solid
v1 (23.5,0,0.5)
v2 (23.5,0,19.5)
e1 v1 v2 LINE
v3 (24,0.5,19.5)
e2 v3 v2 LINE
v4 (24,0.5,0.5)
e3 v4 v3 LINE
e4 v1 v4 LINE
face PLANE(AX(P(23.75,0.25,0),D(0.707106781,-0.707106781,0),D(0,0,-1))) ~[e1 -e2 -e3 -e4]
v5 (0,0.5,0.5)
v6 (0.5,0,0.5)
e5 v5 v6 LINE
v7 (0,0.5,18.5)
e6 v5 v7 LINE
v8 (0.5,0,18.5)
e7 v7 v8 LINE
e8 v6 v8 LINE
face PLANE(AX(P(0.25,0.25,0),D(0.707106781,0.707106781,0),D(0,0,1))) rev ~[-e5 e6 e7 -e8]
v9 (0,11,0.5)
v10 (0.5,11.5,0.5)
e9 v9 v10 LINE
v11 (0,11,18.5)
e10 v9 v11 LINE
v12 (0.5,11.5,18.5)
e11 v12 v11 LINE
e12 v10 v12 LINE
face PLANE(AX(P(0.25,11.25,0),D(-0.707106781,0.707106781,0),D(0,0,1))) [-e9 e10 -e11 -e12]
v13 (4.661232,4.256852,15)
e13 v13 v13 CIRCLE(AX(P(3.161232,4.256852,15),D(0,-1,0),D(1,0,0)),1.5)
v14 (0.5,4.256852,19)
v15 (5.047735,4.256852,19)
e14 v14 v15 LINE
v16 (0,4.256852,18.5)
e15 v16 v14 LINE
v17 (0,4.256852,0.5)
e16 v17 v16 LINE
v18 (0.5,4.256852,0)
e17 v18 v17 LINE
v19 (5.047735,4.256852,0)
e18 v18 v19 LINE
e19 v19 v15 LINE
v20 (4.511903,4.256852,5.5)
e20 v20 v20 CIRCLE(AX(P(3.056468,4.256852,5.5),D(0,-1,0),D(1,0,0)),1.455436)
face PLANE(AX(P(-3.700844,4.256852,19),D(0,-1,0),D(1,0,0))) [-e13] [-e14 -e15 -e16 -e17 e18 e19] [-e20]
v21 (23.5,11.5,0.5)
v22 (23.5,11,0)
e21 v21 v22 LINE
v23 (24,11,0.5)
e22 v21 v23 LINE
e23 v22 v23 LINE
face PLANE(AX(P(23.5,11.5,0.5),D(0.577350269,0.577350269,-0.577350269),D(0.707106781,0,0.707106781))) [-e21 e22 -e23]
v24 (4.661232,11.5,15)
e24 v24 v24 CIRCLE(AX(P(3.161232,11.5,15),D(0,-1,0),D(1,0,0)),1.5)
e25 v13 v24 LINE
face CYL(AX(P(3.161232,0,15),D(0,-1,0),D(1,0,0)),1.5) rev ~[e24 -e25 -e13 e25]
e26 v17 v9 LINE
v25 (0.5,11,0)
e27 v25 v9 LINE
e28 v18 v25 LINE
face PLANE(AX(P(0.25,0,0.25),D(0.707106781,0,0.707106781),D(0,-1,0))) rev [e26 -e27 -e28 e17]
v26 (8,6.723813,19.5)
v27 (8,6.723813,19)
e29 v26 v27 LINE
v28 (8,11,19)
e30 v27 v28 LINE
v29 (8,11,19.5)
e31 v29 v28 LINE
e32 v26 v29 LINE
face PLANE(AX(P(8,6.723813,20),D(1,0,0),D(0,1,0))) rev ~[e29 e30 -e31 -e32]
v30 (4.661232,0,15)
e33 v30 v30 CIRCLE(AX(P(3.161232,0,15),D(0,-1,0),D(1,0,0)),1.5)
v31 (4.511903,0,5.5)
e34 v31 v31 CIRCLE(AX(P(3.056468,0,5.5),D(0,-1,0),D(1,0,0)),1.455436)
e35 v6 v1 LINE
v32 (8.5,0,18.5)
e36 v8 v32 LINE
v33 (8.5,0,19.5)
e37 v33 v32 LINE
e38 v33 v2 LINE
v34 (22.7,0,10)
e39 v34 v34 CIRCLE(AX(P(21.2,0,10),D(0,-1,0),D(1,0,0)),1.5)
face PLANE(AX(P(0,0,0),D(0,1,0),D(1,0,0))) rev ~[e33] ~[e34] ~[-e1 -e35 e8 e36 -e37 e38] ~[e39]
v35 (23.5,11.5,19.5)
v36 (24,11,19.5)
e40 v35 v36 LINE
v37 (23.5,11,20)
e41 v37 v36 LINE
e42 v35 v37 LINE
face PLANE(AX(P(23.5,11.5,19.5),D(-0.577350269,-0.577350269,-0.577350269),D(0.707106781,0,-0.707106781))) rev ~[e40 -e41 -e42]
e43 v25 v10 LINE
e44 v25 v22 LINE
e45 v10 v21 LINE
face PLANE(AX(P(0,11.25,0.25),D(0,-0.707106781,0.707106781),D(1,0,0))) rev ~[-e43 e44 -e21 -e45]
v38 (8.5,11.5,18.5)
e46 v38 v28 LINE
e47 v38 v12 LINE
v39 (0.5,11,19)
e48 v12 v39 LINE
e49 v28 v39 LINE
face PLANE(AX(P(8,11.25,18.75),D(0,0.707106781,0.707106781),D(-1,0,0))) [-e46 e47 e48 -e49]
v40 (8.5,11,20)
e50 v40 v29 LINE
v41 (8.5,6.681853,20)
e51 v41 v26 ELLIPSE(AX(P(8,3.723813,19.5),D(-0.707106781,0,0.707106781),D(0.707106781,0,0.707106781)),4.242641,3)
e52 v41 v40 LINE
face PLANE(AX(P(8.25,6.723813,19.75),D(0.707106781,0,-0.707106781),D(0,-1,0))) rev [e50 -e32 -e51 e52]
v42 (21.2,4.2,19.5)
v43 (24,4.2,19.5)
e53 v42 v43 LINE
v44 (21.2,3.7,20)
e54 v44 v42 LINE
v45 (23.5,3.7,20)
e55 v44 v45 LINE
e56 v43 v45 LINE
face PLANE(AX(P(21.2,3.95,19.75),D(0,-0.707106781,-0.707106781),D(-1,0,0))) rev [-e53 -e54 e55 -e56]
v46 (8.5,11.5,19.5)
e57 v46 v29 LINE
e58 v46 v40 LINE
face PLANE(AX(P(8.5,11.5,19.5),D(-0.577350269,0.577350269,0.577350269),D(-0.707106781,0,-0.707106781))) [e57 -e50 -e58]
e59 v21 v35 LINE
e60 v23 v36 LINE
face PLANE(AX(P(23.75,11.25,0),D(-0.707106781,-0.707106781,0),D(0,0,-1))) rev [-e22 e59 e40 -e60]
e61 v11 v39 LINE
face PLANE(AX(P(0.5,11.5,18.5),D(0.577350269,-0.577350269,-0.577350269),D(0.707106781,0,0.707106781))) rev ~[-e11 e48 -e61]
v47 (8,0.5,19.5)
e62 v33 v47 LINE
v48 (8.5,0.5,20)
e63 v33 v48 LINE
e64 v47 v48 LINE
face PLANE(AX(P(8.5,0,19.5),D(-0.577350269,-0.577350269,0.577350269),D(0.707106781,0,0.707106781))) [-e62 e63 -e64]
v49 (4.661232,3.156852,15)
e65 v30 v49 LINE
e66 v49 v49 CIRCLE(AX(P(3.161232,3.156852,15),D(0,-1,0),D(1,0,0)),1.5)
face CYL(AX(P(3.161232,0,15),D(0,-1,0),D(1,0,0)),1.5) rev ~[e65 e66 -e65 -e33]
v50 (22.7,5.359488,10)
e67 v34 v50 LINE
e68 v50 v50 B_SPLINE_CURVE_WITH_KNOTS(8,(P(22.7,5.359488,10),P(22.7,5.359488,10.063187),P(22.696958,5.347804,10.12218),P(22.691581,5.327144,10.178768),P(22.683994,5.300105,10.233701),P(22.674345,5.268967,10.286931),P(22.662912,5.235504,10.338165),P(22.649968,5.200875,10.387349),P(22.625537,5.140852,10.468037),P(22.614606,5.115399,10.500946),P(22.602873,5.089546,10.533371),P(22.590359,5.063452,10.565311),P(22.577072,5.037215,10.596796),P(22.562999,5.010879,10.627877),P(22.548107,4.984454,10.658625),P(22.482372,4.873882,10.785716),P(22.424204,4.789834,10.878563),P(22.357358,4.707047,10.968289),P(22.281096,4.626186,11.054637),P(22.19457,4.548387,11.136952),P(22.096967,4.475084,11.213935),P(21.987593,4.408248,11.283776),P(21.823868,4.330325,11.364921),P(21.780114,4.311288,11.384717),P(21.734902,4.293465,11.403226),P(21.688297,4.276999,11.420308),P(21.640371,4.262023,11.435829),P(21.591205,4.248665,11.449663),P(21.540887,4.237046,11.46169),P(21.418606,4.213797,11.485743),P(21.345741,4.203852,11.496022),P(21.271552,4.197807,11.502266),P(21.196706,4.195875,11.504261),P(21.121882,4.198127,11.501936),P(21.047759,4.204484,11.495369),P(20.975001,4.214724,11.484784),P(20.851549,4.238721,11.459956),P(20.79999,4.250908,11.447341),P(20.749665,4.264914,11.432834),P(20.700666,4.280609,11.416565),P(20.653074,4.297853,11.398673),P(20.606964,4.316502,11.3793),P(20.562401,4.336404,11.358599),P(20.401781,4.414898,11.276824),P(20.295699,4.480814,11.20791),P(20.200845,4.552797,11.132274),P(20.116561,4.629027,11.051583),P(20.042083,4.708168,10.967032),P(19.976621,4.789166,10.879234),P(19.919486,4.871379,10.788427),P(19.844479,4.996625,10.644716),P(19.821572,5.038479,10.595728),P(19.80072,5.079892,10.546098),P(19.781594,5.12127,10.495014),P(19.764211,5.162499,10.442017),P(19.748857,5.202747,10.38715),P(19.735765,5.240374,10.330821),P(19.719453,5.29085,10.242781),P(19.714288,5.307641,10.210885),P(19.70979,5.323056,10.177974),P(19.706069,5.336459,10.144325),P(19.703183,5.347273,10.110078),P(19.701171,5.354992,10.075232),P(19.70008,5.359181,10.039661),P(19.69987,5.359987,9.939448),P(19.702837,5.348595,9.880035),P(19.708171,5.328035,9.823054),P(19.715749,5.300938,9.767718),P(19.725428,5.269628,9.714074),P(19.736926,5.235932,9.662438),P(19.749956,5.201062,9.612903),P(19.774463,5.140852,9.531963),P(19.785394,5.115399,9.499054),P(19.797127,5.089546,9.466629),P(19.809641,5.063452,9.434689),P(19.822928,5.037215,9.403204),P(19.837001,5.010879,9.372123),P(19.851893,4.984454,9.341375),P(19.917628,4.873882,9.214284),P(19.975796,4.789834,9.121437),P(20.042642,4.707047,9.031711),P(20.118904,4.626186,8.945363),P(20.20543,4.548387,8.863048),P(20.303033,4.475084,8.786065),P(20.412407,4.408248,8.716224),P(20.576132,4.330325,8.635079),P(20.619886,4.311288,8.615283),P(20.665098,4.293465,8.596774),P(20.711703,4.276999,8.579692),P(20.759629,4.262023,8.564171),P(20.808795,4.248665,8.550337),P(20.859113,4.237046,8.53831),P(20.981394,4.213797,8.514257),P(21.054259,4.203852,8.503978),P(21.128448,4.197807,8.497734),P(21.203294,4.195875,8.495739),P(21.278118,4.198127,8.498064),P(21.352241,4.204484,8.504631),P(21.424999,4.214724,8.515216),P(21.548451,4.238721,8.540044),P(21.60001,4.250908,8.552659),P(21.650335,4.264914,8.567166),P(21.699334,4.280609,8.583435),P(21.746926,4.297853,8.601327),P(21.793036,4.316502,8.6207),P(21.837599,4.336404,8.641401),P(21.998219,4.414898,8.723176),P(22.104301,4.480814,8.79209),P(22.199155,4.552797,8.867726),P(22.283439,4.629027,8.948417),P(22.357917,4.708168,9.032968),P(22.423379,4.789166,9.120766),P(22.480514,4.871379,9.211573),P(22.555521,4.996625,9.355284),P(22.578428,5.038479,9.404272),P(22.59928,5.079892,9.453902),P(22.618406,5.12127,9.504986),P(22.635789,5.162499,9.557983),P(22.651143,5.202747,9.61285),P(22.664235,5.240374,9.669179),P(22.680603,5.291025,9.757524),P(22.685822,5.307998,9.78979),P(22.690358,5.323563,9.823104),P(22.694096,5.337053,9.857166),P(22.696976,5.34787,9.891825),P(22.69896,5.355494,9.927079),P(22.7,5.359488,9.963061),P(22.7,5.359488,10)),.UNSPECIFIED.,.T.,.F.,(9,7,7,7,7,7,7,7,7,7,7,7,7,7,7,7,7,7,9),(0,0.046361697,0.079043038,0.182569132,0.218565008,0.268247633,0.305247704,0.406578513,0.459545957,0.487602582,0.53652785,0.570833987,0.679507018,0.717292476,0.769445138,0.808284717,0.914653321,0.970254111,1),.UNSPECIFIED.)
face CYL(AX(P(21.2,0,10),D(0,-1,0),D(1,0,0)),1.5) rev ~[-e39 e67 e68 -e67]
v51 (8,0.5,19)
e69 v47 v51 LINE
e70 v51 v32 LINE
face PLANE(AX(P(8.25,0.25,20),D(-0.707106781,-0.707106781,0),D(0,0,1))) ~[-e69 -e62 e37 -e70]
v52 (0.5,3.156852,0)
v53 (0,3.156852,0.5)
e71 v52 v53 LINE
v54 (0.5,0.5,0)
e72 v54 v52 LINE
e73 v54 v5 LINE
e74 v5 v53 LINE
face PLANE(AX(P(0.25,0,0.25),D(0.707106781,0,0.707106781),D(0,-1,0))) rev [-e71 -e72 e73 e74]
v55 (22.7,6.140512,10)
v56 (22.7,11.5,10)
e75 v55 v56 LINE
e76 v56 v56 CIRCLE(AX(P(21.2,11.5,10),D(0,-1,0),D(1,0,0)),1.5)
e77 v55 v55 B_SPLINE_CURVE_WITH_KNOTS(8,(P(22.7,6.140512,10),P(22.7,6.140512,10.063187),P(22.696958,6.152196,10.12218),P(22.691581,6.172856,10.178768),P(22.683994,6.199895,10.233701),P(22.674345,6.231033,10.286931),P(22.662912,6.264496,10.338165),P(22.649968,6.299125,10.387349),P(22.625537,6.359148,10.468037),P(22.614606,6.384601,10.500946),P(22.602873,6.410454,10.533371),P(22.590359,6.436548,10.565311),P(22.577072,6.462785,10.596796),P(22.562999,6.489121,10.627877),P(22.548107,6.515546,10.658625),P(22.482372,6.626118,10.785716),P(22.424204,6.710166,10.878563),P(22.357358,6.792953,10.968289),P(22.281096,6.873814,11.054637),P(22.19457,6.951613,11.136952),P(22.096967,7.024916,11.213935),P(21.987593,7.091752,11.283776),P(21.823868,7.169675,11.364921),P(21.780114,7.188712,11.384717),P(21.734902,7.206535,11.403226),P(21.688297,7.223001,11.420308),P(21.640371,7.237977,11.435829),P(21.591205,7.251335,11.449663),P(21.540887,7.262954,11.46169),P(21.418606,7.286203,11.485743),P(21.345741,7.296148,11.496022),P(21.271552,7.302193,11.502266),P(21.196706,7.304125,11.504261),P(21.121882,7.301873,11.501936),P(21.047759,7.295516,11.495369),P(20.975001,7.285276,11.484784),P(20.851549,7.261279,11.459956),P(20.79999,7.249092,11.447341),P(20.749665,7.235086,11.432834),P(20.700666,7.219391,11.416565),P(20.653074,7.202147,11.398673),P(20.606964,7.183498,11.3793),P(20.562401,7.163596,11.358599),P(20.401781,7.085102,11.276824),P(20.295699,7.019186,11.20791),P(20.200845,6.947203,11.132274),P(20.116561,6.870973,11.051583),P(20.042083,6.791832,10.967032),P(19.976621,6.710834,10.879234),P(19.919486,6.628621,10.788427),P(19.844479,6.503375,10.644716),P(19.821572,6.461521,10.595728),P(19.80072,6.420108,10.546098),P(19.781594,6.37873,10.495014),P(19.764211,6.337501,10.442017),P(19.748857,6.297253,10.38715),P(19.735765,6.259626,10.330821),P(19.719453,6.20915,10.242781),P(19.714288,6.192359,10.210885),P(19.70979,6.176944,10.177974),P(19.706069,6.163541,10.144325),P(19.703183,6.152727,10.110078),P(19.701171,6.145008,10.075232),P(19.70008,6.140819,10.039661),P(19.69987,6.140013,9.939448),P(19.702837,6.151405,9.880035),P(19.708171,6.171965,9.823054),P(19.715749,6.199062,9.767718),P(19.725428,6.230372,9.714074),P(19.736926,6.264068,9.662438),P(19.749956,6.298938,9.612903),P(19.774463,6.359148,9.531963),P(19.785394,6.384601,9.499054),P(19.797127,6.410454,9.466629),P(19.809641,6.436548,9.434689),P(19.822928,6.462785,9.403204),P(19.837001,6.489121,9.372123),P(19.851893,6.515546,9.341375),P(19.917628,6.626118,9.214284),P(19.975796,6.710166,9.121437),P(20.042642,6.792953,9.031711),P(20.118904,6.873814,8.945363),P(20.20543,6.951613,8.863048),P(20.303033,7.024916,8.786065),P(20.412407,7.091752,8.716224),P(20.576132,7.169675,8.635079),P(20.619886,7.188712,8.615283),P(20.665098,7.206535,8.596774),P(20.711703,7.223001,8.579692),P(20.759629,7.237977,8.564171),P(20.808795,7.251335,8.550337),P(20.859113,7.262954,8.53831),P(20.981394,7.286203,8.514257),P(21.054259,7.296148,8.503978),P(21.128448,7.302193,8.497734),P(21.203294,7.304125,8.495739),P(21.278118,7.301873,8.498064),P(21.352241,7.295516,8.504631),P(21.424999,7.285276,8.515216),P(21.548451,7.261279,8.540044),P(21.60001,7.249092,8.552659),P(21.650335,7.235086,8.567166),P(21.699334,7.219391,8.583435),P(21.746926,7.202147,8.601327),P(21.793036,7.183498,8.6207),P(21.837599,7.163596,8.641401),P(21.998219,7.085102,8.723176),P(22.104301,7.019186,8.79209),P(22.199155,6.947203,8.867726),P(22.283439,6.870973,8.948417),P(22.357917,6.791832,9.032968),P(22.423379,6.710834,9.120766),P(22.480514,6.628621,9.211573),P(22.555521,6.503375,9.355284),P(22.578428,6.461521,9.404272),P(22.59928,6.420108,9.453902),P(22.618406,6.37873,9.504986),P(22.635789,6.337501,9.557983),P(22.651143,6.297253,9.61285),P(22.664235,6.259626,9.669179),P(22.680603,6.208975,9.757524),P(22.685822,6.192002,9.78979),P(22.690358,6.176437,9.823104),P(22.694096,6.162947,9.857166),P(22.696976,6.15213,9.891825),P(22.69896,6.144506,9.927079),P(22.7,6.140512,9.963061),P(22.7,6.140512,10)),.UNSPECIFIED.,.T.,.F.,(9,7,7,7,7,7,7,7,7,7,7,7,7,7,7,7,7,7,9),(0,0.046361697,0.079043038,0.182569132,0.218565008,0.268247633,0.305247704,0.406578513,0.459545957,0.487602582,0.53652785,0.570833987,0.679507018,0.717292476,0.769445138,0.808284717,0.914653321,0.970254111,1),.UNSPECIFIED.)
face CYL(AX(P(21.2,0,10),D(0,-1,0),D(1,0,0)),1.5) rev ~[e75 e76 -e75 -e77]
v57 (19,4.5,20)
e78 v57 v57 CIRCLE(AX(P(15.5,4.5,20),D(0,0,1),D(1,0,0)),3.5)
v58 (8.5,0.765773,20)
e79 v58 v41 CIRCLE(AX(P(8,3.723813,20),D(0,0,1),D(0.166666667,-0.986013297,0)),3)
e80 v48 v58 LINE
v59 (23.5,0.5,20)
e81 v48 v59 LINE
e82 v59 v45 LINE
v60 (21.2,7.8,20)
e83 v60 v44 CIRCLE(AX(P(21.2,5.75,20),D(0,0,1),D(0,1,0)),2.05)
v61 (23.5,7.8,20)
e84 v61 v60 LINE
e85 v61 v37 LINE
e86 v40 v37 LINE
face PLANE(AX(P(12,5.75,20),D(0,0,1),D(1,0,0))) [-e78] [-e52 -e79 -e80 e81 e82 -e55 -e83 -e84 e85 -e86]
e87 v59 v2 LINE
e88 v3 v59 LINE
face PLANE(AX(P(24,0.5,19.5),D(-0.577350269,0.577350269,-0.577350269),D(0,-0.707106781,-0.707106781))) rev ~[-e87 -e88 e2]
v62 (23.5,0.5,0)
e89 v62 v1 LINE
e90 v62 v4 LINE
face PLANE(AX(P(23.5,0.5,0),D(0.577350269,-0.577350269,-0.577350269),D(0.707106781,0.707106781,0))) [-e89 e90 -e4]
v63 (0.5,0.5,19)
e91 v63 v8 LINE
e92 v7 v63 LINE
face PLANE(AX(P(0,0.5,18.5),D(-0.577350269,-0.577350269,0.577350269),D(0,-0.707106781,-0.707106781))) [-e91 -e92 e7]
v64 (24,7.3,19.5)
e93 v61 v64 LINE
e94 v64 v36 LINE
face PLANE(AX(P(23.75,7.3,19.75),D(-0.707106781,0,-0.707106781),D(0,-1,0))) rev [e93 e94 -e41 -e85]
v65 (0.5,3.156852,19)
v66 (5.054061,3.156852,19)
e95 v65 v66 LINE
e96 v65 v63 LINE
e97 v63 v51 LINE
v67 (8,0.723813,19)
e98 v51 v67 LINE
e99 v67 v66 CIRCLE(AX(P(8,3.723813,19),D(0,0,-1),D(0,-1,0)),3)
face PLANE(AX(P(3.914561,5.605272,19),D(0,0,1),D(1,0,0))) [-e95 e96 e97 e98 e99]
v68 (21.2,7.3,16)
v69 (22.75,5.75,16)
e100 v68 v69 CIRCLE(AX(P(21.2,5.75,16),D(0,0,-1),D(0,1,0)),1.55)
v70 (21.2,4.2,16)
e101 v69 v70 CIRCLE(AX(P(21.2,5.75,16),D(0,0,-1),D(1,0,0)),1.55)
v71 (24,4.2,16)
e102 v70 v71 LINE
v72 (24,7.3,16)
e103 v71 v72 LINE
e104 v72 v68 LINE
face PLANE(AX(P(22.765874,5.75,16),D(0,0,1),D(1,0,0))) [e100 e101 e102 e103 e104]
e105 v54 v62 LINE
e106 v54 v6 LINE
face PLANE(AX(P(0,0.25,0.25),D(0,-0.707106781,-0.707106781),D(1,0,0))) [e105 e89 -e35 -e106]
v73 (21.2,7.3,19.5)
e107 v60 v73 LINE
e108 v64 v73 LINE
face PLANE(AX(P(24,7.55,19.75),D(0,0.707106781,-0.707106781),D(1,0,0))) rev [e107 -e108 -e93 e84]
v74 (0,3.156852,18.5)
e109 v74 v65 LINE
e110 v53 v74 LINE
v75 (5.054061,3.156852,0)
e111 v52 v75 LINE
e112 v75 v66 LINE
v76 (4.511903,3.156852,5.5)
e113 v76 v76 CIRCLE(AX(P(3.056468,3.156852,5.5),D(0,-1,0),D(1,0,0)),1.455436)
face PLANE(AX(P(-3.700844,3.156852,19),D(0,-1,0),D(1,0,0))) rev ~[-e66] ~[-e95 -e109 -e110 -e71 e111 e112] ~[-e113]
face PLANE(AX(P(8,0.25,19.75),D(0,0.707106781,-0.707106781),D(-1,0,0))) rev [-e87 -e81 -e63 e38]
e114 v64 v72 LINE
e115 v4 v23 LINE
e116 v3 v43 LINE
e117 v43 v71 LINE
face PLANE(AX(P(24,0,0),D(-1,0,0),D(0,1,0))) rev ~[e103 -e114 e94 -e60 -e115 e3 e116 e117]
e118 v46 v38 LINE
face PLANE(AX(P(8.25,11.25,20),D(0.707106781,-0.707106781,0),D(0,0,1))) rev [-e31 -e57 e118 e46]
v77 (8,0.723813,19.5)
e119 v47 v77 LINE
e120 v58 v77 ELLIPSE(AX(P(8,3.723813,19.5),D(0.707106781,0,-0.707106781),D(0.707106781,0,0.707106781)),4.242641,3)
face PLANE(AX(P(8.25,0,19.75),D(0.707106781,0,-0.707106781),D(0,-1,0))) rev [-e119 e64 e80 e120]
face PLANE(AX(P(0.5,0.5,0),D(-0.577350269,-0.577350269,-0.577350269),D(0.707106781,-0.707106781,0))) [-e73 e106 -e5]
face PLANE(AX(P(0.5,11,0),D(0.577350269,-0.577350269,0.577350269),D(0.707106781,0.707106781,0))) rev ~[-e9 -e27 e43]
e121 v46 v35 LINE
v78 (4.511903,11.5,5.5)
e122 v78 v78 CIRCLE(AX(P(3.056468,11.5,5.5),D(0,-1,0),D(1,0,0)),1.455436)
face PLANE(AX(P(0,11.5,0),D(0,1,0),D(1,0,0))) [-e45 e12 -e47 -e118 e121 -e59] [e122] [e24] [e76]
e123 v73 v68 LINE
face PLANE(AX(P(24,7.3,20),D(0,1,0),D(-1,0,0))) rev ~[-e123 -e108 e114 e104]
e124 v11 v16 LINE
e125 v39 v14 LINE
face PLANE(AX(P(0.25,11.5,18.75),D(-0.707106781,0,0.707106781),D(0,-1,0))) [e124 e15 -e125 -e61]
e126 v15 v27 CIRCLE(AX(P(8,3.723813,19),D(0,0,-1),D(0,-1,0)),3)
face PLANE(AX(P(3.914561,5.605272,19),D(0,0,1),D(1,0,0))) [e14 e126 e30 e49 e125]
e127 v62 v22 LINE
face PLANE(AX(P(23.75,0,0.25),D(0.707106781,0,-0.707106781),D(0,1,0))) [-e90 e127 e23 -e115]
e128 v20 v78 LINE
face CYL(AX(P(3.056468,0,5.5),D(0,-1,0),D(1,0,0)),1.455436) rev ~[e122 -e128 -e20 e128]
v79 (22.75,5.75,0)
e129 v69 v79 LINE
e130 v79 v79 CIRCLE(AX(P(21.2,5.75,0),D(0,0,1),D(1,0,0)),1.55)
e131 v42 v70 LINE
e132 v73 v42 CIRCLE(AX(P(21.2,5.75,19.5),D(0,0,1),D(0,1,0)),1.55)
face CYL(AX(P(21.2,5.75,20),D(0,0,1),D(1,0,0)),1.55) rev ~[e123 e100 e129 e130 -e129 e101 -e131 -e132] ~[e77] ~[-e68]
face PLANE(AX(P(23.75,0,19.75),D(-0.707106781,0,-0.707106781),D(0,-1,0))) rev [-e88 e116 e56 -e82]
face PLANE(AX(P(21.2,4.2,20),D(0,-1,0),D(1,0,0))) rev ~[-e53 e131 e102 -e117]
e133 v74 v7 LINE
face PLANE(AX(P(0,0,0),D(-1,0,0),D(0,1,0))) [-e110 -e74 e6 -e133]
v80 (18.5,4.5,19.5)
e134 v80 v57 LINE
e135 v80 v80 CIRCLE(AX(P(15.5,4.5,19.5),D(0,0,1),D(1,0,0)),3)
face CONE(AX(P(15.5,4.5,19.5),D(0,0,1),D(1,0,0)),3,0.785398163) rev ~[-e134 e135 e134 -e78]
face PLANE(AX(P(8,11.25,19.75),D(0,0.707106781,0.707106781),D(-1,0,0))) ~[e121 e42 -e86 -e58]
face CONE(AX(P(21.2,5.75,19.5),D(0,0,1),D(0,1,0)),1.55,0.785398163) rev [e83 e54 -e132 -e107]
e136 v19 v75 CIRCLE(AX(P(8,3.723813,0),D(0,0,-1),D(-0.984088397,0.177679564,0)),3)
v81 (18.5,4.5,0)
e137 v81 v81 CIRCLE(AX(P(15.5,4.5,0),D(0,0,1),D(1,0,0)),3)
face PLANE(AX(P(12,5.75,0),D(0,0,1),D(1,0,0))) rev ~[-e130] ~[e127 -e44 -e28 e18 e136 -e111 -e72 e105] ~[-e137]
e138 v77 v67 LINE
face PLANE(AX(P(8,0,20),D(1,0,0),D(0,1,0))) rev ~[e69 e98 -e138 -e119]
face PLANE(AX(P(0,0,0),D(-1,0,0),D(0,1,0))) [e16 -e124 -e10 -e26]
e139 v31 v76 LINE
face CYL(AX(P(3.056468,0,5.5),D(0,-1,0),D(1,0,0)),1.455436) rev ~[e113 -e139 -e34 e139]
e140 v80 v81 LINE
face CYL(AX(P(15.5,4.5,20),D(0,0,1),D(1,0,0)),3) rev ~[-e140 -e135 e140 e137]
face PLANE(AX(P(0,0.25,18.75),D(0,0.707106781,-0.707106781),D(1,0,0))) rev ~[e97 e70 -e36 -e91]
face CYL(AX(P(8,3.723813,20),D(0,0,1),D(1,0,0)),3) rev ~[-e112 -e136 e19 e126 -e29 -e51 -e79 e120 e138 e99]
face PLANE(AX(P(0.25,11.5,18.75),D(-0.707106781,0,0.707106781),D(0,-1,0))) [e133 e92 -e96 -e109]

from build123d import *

# Parameters (mm, degrees)
F0_W      = 24
F0_H      = 11.5
F1_DEPTH  = 20
F2_R      = 3
F2_R_2    = 1.55
F3_DEPTH  = 20.001
F4_R      = 1.5
F4_R_2    = 1.4554355897
F4_R_3    = 1.5000002072
F5_DEPTH  = 11.501
F7_DEPTH  = 4
F9_DEPTH  = 1
F10_SIZE  = 0.5
F11_W     = 14.3343711684
F11_H     = 1.1
F12_DEPTH = 19.0010001


with BuildPart() as f1:
    # F0 (on Top) → F1 (new body)
    with BuildSketch(Plane.XY):
        with Locations((12, 5.75)):
            Rectangle(F0_W, F0_H)
    extrude(amount=F1_DEPTH)

    # F2 (on face) → F3 (cut, through all)
    with BuildSketch(Plane.XY.offset(20)):
        with Locations((8, 3.723813377)):
            Circle(F2_R)
        with Locations((15.5, 4.5)):
            Circle(F2_R)
        with Locations((21.2, 5.75)):
            Circle(F2_R_2)
    extrude(amount=-F3_DEPTH, mode=Mode.SUBTRACT)

    # F4 (on face) → F5 (cut, through all)
    with BuildSketch(Plane.XZ):
        with Locations((21.2, 10)):
            Circle(F4_R)
        with Locations((3.0564678513, 5.5)):
            Circle(F4_R_2)
        with Locations((3.1612319104, 15)):
            Circle(F4_R_3)
    extrude(amount=-F5_DEPTH, mode=Mode.SUBTRACT)

    # F6 (on face) → F7 (cut)
    with BuildSketch(Plane.XY.offset(20)):
        with BuildLine():
            Line((24, 7.3), (21.2, 7.3))
            ThreePointArc((21.2, 7.3), (22.2960155108, 6.8460155108), (22.75, 5.75))
            ThreePointArc((22.75, 5.75), (22.2960155108, 4.6539844892), (21.2, 4.2))
            Line((21.2, 4.2), (24, 4.2))
            Line((24, 4.2), (24, 7.3))
        make_face()
    extrude(amount=-F7_DEPTH, mode=Mode.SUBTRACT)

    # F8 (on face) → F9 (cut)
    with BuildSketch(Plane.XY.offset(20)):
        with BuildLine():
            Line((8, 6.723813377), (8, 11.5))
            Line((8, 11.5), (0, 11.5))
            Line((0, 11.5), (0, 0))
            Line((0, 0), (8, 0))
            Line((8, 0), (8, 0.723813377))
            ThreePointArc((8, 0.723813377), (5, 3.723813377), (8, 6.723813377))
        make_face()
    extrude(amount=-F9_DEPTH, mode=Mode.SUBTRACT)

    # F10
    f10_edges = [f1.edges().sort_by_distance(p)[0] for p in [
        (4, 0, 19),
        (0, 5.75, 19),
        (0, 0, 9.5),
        (0, 11.5, 9.5),
        (8, 9.111907, 20),
        (8, 0.361907, 20),
        (8, 0, 19.5),
        (16, 0, 20),
        (24, 2.1, 20),
        (22.6, 4.2, 20),
        (24, 9.4, 20),
        (16, 11.5, 20),
        (24, 0, 10),
        (0, 5.75, 0),
        (12, 0, 0),
        (24, 5.75, 0),
        (12, 11.5, 0),
        (24, 11.5, 10),
        (4, 11.5, 19),
        (8, 11.5, 19.5),
        (12.5, 4.5, 20),
    ]]
    chamfer(f10_edges, length=F10_SIZE)

    # F11 (on face) → F12 (cut, through all)
    with BuildSketch(Plane.XY.offset(19)):
        with Locations((3.4663419938, 3.7068520686)):
            Rectangle(F11_W, F11_H)
    extrude(amount=-F12_DEPTH, mode=Mode.SUBTRACT)


solid = f1.part
